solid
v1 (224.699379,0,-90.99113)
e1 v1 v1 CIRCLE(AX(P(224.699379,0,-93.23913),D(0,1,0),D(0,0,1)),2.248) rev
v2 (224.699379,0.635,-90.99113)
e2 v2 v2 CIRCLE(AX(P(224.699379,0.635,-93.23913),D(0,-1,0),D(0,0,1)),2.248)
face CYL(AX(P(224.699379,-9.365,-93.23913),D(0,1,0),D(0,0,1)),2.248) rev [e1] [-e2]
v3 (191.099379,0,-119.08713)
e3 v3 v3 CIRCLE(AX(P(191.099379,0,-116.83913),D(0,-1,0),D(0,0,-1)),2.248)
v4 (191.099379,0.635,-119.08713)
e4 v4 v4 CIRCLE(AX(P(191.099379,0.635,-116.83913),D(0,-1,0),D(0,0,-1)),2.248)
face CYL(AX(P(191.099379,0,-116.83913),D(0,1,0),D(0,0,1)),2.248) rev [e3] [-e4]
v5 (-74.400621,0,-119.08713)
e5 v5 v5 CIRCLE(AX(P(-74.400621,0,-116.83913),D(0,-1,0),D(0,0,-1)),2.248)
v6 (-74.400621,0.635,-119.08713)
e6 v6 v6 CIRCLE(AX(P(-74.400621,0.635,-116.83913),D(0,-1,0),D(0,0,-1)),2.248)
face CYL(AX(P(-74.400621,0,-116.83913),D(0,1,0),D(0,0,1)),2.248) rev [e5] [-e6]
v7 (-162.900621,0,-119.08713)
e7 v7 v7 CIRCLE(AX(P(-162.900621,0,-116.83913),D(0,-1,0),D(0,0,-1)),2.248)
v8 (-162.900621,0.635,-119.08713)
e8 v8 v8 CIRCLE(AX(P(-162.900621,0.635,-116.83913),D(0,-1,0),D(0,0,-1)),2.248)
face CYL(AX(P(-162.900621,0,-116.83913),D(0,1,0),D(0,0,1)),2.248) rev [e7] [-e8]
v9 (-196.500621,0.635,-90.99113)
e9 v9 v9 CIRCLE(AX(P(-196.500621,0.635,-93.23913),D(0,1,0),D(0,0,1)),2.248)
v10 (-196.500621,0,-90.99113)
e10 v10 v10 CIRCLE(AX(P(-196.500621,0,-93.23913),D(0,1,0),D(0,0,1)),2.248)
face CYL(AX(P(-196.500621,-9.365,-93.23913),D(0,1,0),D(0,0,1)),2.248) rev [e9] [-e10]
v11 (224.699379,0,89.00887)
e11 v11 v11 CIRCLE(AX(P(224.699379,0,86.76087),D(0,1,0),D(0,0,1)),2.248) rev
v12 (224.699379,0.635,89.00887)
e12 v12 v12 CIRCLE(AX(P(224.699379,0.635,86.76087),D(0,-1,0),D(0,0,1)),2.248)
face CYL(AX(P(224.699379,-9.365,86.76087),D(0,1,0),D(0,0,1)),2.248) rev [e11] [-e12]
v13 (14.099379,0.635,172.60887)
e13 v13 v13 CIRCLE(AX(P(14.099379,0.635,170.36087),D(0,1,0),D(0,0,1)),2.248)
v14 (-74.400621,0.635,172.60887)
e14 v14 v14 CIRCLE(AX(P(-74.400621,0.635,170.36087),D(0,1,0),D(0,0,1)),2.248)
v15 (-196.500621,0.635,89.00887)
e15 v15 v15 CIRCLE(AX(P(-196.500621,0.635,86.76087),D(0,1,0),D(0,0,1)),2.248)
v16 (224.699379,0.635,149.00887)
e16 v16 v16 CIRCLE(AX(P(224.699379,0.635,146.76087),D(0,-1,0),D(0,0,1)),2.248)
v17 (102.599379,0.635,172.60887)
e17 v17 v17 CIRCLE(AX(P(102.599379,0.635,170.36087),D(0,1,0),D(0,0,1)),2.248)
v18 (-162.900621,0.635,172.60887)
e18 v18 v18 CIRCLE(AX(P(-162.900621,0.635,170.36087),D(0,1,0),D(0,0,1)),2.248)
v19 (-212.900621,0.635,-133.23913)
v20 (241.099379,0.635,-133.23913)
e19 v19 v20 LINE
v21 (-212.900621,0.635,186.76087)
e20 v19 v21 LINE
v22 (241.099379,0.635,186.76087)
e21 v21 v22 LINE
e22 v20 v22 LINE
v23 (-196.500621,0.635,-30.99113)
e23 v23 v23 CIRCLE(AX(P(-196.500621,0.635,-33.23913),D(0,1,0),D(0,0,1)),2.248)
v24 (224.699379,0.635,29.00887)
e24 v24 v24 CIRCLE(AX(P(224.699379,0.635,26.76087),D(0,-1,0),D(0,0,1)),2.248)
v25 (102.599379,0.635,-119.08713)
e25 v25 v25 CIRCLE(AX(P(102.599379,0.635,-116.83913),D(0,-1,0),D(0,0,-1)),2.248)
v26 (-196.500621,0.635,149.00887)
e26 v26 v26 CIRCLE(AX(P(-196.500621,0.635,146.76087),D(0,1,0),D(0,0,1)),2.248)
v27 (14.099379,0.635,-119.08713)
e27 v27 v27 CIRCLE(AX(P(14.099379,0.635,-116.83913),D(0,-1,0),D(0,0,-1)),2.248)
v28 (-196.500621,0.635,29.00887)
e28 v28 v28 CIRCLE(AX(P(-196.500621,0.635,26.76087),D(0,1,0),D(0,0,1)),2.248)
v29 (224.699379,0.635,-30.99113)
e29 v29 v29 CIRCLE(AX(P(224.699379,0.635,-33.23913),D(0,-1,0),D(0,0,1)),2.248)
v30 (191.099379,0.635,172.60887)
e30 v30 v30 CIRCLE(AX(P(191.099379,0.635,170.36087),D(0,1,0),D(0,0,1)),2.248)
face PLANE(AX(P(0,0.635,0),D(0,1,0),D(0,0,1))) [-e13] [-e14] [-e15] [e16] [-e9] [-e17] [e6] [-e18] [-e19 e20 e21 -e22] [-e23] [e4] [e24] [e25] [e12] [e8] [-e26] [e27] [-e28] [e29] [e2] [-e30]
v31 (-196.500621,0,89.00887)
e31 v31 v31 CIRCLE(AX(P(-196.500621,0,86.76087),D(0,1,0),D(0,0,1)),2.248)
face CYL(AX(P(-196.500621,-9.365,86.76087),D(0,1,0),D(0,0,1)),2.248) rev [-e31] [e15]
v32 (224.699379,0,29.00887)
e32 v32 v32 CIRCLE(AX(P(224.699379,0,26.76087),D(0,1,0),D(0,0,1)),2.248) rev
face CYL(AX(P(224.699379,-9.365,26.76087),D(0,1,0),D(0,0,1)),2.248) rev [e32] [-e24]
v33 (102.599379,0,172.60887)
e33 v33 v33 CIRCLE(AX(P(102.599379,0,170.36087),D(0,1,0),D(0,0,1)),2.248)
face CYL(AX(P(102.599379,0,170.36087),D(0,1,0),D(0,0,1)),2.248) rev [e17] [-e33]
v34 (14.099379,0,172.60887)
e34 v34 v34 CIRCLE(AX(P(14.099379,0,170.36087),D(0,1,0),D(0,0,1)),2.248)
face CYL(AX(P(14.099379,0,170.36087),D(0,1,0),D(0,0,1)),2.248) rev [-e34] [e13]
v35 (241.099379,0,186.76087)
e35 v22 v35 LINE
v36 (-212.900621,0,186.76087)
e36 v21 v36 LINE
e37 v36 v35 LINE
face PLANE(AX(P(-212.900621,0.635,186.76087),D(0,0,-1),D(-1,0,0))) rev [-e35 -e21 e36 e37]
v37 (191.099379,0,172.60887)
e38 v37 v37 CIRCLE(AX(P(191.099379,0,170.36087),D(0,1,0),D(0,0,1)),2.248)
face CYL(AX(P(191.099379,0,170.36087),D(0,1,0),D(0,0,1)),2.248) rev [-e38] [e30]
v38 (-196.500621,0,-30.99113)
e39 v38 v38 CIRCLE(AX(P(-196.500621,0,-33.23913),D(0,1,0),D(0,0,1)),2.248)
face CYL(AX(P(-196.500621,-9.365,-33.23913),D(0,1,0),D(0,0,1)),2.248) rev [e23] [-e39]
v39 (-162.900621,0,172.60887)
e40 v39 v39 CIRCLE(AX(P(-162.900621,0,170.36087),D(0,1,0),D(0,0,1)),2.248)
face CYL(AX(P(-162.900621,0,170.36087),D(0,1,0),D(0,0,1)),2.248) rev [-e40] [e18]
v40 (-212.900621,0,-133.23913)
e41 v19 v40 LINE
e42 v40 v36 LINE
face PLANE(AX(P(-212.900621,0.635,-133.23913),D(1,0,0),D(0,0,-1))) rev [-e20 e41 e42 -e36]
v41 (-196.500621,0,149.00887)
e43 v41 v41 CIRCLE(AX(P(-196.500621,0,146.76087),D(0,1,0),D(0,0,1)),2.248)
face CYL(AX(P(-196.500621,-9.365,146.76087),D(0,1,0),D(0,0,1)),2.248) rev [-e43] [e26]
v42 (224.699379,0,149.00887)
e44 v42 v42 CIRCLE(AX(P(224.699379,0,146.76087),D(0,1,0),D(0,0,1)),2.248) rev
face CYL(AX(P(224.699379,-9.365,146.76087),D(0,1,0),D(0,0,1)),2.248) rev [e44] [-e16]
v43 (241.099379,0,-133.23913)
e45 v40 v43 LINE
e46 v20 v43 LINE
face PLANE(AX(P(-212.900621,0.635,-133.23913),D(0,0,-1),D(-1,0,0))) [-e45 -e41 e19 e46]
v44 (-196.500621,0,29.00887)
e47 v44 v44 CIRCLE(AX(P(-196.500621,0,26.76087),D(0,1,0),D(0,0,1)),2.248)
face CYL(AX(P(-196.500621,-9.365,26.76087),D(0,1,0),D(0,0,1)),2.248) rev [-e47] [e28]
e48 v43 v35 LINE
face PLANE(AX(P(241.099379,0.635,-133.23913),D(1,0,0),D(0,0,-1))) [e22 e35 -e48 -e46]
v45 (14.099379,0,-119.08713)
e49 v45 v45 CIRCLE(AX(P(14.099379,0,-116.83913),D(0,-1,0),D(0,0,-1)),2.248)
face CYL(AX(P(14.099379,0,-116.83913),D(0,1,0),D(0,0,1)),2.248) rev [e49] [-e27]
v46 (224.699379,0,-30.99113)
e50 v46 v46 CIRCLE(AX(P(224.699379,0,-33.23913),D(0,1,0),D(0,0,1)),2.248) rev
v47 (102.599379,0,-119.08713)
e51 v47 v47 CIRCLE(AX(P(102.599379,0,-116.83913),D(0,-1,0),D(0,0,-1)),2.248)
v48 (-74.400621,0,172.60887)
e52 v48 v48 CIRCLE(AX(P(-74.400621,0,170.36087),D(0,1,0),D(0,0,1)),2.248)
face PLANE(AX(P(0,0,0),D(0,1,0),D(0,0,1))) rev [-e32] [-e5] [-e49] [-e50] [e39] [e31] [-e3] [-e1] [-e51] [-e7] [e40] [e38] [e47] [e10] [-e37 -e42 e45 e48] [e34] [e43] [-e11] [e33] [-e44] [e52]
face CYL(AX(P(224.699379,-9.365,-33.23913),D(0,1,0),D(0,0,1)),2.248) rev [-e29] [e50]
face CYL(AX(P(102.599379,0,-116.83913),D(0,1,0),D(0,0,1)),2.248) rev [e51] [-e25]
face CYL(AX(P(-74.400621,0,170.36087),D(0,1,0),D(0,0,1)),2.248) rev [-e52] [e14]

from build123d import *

# Parameters (mm, degrees)
SKETCH1_W               = 454
SKETCH1_H               = 320
BOSS_EXTRUDE1_DEPTH     = 0.635
SKETCH2_R               = 2.248
CUT_EXTRUDE2_DEPTH      = 305.973664639
LPATTERN1_COUNT         = 5
LPATTERN1_PITCH         = 88.5
MIRROR1_COPY_1_SKETCH_R = 2.248
MIRROR1_COPY_1_DEPTH    = 305.973664639
MIRROR1_COPY_2_SKETCH_R = 2.248
MIRROR1_COPY_2_DEPTH    = 305.973664639
MIRROR1_COPY_3_SKETCH_R = 2.248
MIRROR1_COPY_3_DEPTH    = 305.973664639
MIRROR1_COPY_4_SKETCH_R = 2.248
MIRROR1_COPY_4_DEPTH    = 305.973664639
SKETCH3_R               = 2.248
CUT_EXTRUDE3_DEPTH      = 10
LPATTERN2_COUNT         = 5
LPATTERN2_PITCH         = 60
MIRROR2_COPY_1_SKETCH_R = 2.248
MIRROR2_COPY_1_DEPTH    = 10
MIRROR2_COPY_2_SKETCH_R = 2.248
MIRROR2_COPY_2_DEPTH    = 10
MIRROR2_COPY_3_SKETCH_R = 2.248
MIRROR2_COPY_3_DEPTH    = 10
MIRROR2_COPY_4_SKETCH_R = 2.248
MIRROR2_COPY_4_DEPTH    = 10


with BuildPart() as part:
    # Sketch1 → Boss-Extrude1 (new body)
    with BuildSketch(Plane(origin=(0, 0, 0), x_dir=(1, 0, 0), z_dir=(0, 1, 0))):
        with Locations((14.099378882, -26.760869565)):
            Rectangle(SKETCH1_W, SKETCH1_H)
    extrude(amount=BOSS_EXTRUDE1_DEPTH)

    # Sketch2 → Cut-Extrude2 (cut, through all)
    with BuildSketch(Plane(origin=(0, 0.635, 0), x_dir=(1, 0, 0), z_dir=(0, 1, 0))):
        with Locations(Location((-162.900621118, -170.360869565, 0), (0, 0, 270))):
            Circle(SKETCH2_R)
    cut_extrude2 = extrude(amount=-CUT_EXTRUDE2_DEPTH, mode=Mode.SUBTRACT)

    # LPattern1: Cut-Extrude2 ×5
    with Locations(*[(i * LPATTERN1_PITCH, 0, 0) for i in range(1, LPATTERN1_COUNT)]):
        add(cut_extrude2, mode=Mode.SUBTRACT)

    # Mirror1: Cut-Extrude2 across plane
    add(cut_extrude2.mirror(Plane(origin=(0, 0, 26.760869565), x_dir=(1, 0, 0), z_dir=(0, 0, -1))), mode=Mode.SUBTRACT)

    # Mirror1 copy 1 sketch → Mirror1 copy 1 (cut, through all)
    with BuildSketch(Plane(origin=(88.5, 0.635, 53.52173913), x_dir=(1, 0, 0), z_dir=(0, 1, 0))):
        with Locations((-162.900621118, 170.360869565)):
            Circle(MIRROR1_COPY_1_SKETCH_R)
    extrude(amount=-MIRROR1_COPY_1_DEPTH, mode=Mode.SUBTRACT)

    # Mirror1 copy 2 sketch → Mirror1 copy 2 (cut, through all)
    with BuildSketch(Plane(origin=(177, 0.635, 53.52173913), x_dir=(1, 0, 0), z_dir=(0, 1, 0))):
        with Locations((-162.900621118, 170.360869565)):
            Circle(MIRROR1_COPY_2_SKETCH_R)
    extrude(amount=-MIRROR1_COPY_2_DEPTH, mode=Mode.SUBTRACT)

    # Mirror1 copy 3 sketch → Mirror1 copy 3 (cut, through all)
    with BuildSketch(Plane(origin=(265.5, 0.635, 53.52173913), x_dir=(1, 0, 0), z_dir=(0, 1, 0))):
        with Locations((-162.900621118, 170.360869565)):
            Circle(MIRROR1_COPY_3_SKETCH_R)
    extrude(amount=-MIRROR1_COPY_3_DEPTH, mode=Mode.SUBTRACT)

    # Mirror1 copy 4 sketch → Mirror1 copy 4 (cut, through all)
    with BuildSketch(Plane(origin=(354, 0.635, 53.52173913), x_dir=(1, 0, 0), z_dir=(0, 1, 0))):
        with Locations((-162.900621118, 170.360869565)):
            Circle(MIRROR1_COPY_4_SKETCH_R)
    extrude(amount=-MIRROR1_COPY_4_DEPTH, mode=Mode.SUBTRACT)

    # Sketch3 → Cut-Extrude3 (cut)
    with BuildSketch(Plane(origin=(0, 0.635, 0), x_dir=(1, 0, 0), z_dir=(0, 1, 0))):
        with Locations(Location((-196.500621118, -146.760869565, 0), (0, 0, 270))):
            Circle(SKETCH3_R)
    cut_extrude3 = extrude(amount=-CUT_EXTRUDE3_DEPTH, mode=Mode.SUBTRACT)

    # LPattern2: Cut-Extrude3 ×5
    with Locations(*[(0, 0, -i * LPATTERN2_PITCH) for i in range(1, LPATTERN2_COUNT)]):
        add(cut_extrude3, mode=Mode.SUBTRACT)

    # Mirror2: Cut-Extrude3 across plane
    add(cut_extrude3.mirror(Plane.ZY.offset(-14.099378882)), mode=Mode.SUBTRACT)

    # Mirror2 copy 1 sketch → Mirror2 copy 1 (cut)
    with BuildSketch(Plane(origin=(28.198757764, 0.635, -60), x_dir=(-1, 0, 0), z_dir=(0, 1, 0))):
        with Locations((-196.500621118, 146.760869565)):
            Circle(MIRROR2_COPY_1_SKETCH_R)
    extrude(amount=-MIRROR2_COPY_1_DEPTH, mode=Mode.SUBTRACT)

    # Mirror2 copy 2 sketch → Mirror2 copy 2 (cut)
    with BuildSketch(Plane(origin=(28.198757764, 0.635, -120), x_dir=(-1, 0, 0), z_dir=(0, 1, 0))):
        with Locations((-196.500621118, 146.760869565)):
            Circle(MIRROR2_COPY_2_SKETCH_R)
    extrude(amount=-MIRROR2_COPY_2_DEPTH, mode=Mode.SUBTRACT)

    # Mirror2 copy 3 sketch → Mirror2 copy 3 (cut)
    with BuildSketch(Plane(origin=(28.198757764, 0.635, -180), x_dir=(-1, 0, 0), z_dir=(0, 1, 0))):
        with Locations((-196.500621118, 146.760869565)):
            Circle(MIRROR2_COPY_3_SKETCH_R)
    extrude(amount=-MIRROR2_COPY_3_DEPTH, mode=Mode.SUBTRACT)

    # Mirror2 copy 4 sketch → Mirror2 copy 4 (cut)
    with BuildSketch(Plane(origin=(28.198757764, 0.635, -240), x_dir=(-1, 0, 0), z_dir=(0, 1, 0))):
        with Locations((-196.500621118, 146.760869565)):
            Circle(MIRROR2_COPY_4_SKETCH_R)
    extrude(amount=-MIRROR2_COPY_4_DEPTH, mode=Mode.SUBTRACT)


solid = part.part
